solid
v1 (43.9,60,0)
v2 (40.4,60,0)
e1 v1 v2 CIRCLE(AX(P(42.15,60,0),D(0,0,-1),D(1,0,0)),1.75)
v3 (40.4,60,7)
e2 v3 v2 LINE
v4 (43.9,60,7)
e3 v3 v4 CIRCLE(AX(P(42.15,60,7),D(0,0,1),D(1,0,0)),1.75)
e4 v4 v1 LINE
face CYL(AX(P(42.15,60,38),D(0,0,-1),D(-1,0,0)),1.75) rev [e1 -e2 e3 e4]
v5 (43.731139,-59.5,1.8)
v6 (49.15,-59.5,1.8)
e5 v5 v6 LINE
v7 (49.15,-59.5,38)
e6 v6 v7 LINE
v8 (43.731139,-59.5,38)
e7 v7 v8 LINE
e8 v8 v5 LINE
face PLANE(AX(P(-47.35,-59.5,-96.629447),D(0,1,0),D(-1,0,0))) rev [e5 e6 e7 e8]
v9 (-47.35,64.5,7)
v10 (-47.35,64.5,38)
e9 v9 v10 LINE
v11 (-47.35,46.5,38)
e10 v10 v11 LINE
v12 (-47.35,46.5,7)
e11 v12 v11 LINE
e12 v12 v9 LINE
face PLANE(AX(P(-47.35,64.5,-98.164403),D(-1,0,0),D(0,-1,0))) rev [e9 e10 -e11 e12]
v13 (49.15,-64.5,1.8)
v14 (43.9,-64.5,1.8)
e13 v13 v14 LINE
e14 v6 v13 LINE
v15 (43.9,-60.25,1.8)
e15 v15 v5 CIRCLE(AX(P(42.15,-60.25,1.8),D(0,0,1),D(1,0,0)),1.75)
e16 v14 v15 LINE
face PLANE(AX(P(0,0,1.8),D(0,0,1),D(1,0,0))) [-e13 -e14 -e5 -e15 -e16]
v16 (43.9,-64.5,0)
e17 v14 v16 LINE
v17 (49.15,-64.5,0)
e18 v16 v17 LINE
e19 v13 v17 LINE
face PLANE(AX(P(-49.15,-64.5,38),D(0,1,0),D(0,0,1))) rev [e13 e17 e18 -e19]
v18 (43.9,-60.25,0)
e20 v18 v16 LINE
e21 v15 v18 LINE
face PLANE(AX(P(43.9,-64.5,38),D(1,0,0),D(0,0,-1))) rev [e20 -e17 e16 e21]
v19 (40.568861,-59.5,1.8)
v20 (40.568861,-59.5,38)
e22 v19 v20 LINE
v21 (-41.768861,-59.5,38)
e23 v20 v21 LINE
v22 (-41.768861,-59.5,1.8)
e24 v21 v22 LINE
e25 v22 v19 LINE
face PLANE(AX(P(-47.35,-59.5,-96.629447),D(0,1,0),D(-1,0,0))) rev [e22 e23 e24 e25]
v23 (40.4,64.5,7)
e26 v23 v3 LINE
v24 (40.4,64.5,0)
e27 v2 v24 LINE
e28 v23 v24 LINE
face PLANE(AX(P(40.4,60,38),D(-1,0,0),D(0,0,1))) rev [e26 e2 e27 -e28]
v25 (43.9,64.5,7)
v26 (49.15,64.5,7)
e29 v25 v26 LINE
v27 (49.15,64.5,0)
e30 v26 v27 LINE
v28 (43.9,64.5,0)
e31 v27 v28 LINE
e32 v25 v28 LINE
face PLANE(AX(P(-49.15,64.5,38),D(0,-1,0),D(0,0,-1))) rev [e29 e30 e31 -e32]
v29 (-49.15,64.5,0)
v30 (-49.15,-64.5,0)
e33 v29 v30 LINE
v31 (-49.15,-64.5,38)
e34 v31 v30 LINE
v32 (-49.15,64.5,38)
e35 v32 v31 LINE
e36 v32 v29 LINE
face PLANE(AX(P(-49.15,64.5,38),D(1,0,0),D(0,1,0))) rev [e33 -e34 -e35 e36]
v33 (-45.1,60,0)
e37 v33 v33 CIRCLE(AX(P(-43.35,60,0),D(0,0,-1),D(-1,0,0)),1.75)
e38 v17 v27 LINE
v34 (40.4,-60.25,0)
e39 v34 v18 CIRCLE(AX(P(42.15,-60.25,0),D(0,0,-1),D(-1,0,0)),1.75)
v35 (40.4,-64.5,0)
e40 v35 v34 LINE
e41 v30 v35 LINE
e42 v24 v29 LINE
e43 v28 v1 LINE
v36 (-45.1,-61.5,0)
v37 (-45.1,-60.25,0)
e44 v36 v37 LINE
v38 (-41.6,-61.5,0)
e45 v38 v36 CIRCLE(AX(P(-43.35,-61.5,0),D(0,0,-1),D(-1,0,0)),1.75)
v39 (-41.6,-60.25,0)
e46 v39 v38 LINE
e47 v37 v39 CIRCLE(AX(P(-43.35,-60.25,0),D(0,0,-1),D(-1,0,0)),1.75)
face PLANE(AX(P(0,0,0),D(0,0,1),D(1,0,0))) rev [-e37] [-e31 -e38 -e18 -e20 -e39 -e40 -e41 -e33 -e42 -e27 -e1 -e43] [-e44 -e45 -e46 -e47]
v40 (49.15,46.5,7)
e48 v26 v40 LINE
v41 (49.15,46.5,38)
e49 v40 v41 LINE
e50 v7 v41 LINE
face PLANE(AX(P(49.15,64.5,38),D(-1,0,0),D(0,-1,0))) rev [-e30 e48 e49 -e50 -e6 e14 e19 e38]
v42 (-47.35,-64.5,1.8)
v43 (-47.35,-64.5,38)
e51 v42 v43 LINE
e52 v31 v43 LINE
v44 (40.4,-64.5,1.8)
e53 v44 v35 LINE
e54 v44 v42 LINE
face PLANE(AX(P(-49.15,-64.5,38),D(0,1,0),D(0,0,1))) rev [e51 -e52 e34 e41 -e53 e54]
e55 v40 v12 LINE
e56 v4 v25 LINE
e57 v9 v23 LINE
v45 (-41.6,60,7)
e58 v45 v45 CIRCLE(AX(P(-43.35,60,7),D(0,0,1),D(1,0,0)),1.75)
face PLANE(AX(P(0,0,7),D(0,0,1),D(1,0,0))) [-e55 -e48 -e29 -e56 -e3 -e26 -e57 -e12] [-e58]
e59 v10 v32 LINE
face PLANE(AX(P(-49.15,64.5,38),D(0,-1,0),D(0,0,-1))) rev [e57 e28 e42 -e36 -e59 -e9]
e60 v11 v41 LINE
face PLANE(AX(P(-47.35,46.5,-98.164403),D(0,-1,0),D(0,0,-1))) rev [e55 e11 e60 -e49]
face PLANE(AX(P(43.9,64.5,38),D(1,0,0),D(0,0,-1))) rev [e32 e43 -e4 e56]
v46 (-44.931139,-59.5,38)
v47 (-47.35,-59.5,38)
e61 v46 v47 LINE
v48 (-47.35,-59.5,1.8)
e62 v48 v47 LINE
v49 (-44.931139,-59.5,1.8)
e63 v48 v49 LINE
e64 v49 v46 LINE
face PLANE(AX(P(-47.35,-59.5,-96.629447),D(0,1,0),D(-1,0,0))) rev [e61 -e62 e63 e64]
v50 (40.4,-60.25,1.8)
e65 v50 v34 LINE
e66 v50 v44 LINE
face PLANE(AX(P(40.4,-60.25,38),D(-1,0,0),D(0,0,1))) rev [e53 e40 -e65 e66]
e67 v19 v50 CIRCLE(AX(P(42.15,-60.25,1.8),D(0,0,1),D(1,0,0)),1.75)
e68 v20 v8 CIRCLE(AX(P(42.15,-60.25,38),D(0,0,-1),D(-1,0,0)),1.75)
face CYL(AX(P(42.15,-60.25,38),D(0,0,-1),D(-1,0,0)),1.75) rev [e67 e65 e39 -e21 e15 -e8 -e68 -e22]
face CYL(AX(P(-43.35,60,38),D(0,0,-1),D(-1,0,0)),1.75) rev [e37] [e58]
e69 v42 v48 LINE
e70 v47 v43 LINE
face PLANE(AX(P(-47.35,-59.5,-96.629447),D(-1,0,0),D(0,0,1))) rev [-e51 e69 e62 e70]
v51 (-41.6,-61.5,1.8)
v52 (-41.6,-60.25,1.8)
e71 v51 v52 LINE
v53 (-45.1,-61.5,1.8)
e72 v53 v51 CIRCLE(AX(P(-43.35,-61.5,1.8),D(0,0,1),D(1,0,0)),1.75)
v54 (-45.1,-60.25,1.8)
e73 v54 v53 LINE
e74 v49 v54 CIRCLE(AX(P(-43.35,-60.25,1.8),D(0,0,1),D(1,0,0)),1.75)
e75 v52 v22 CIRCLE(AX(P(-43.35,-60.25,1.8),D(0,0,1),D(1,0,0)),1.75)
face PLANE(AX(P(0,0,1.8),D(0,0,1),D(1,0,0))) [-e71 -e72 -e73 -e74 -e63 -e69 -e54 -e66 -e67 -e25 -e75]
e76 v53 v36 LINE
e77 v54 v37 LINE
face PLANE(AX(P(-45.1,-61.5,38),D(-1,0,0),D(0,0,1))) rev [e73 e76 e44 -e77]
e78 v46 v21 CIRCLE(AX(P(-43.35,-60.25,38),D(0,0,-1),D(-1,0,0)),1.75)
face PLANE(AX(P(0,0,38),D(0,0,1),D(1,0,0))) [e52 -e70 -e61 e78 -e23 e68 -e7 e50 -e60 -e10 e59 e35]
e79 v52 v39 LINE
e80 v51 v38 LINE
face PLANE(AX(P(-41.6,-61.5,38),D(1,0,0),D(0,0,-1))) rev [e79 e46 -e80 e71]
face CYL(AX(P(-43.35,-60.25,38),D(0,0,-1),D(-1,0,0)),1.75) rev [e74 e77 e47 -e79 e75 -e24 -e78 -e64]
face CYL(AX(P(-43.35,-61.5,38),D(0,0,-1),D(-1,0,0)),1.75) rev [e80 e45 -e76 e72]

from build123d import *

# Parameters (mm, degrees)
SKETCH_1_W          = 98.3
SKETCH_1_H          = 129
EXTRUDE_1_DEPTH     = 38
SKETCH_2_W          = 96.5
SKETCH_2_H          = 18
CUT_EXTRUDE_1_DEPTH = 31
SKETCH_3_W          = 96.5
SKETCH_3_H          = 5
CUT_EXTRUDE_2_DEPTH = 36.2
SKETCH_4_R          = 1.75
CUT_EXTRUDE_3_DEPTH = 90.554299171


with BuildPart() as part:
    # 草图1 → 凸台-拉伸1 (new body)
    with BuildSketch(Plane.XY):
        Rectangle(SKETCH_1_W, SKETCH_1_H)
    extrude(amount=EXTRUDE_1_DEPTH)

    # 草图2 → 切除-拉伸1 (cut)
    with BuildSketch(Plane.XY.offset(38)):
        with Locations((0.9, 55.5)):
            Rectangle(SKETCH_2_W, SKETCH_2_H)
    extrude(amount=-CUT_EXTRUDE_1_DEPTH, mode=Mode.SUBTRACT)

    # 草图3 → 切除-拉伸2 (cut)
    with BuildSketch(Plane.XY.offset(38)):
        with Locations((0.9, -62)):
            Rectangle(SKETCH_3_W, SKETCH_3_H)
    extrude(amount=-CUT_EXTRUDE_2_DEPTH, mode=Mode.SUBTRACT)

    # 草图4 → 切除-拉伸3 (cut, through all)
    with BuildSketch(Plane(origin=(0, 0, 0), x_dir=(-1, 0, 0), z_dir=(0, 0, -1))):
        with Locations((43.35, 60)):
            Circle(SKETCH_4_R)
        with BuildLine():
            Line((-40.4, 60), (-40.4, 64.5))
            Line((-40.4, 64.5), (-43.9, 64.5))
            Line((-43.9, 64.5), (-43.9, 60))
            ThreePointArc((-43.9, 60), (-42.15, 58.25), (-40.4, 60))
        make_face()
        with BuildLine():
            Line((-40.4, -60.25), (-40.4, -64.5))
            Line((-40.4, -64.5), (-43.9, -64.5))
            Line((-43.9, -64.5), (-43.9, -60.25))
            ThreePointArc((-43.9, -60.25), (-42.15, -58.5), (-40.4, -60.25))
        make_face()
        with BuildLine():
            Line((41.6, -61.5), (41.6, -60.25))
            ThreePointArc((41.6, -60.25), (43.35, -58.5), (45.1, -60.25))
            Line((45.1, -60.25), (45.1, -61.5))
            ThreePointArc((45.1, -61.5), (43.35, -63.25), (41.6, -61.5))
        make_face()
    extrude(amount=-CUT_EXTRUDE_3_DEPTH, mode=Mode.SUBTRACT)


solid = part.part
